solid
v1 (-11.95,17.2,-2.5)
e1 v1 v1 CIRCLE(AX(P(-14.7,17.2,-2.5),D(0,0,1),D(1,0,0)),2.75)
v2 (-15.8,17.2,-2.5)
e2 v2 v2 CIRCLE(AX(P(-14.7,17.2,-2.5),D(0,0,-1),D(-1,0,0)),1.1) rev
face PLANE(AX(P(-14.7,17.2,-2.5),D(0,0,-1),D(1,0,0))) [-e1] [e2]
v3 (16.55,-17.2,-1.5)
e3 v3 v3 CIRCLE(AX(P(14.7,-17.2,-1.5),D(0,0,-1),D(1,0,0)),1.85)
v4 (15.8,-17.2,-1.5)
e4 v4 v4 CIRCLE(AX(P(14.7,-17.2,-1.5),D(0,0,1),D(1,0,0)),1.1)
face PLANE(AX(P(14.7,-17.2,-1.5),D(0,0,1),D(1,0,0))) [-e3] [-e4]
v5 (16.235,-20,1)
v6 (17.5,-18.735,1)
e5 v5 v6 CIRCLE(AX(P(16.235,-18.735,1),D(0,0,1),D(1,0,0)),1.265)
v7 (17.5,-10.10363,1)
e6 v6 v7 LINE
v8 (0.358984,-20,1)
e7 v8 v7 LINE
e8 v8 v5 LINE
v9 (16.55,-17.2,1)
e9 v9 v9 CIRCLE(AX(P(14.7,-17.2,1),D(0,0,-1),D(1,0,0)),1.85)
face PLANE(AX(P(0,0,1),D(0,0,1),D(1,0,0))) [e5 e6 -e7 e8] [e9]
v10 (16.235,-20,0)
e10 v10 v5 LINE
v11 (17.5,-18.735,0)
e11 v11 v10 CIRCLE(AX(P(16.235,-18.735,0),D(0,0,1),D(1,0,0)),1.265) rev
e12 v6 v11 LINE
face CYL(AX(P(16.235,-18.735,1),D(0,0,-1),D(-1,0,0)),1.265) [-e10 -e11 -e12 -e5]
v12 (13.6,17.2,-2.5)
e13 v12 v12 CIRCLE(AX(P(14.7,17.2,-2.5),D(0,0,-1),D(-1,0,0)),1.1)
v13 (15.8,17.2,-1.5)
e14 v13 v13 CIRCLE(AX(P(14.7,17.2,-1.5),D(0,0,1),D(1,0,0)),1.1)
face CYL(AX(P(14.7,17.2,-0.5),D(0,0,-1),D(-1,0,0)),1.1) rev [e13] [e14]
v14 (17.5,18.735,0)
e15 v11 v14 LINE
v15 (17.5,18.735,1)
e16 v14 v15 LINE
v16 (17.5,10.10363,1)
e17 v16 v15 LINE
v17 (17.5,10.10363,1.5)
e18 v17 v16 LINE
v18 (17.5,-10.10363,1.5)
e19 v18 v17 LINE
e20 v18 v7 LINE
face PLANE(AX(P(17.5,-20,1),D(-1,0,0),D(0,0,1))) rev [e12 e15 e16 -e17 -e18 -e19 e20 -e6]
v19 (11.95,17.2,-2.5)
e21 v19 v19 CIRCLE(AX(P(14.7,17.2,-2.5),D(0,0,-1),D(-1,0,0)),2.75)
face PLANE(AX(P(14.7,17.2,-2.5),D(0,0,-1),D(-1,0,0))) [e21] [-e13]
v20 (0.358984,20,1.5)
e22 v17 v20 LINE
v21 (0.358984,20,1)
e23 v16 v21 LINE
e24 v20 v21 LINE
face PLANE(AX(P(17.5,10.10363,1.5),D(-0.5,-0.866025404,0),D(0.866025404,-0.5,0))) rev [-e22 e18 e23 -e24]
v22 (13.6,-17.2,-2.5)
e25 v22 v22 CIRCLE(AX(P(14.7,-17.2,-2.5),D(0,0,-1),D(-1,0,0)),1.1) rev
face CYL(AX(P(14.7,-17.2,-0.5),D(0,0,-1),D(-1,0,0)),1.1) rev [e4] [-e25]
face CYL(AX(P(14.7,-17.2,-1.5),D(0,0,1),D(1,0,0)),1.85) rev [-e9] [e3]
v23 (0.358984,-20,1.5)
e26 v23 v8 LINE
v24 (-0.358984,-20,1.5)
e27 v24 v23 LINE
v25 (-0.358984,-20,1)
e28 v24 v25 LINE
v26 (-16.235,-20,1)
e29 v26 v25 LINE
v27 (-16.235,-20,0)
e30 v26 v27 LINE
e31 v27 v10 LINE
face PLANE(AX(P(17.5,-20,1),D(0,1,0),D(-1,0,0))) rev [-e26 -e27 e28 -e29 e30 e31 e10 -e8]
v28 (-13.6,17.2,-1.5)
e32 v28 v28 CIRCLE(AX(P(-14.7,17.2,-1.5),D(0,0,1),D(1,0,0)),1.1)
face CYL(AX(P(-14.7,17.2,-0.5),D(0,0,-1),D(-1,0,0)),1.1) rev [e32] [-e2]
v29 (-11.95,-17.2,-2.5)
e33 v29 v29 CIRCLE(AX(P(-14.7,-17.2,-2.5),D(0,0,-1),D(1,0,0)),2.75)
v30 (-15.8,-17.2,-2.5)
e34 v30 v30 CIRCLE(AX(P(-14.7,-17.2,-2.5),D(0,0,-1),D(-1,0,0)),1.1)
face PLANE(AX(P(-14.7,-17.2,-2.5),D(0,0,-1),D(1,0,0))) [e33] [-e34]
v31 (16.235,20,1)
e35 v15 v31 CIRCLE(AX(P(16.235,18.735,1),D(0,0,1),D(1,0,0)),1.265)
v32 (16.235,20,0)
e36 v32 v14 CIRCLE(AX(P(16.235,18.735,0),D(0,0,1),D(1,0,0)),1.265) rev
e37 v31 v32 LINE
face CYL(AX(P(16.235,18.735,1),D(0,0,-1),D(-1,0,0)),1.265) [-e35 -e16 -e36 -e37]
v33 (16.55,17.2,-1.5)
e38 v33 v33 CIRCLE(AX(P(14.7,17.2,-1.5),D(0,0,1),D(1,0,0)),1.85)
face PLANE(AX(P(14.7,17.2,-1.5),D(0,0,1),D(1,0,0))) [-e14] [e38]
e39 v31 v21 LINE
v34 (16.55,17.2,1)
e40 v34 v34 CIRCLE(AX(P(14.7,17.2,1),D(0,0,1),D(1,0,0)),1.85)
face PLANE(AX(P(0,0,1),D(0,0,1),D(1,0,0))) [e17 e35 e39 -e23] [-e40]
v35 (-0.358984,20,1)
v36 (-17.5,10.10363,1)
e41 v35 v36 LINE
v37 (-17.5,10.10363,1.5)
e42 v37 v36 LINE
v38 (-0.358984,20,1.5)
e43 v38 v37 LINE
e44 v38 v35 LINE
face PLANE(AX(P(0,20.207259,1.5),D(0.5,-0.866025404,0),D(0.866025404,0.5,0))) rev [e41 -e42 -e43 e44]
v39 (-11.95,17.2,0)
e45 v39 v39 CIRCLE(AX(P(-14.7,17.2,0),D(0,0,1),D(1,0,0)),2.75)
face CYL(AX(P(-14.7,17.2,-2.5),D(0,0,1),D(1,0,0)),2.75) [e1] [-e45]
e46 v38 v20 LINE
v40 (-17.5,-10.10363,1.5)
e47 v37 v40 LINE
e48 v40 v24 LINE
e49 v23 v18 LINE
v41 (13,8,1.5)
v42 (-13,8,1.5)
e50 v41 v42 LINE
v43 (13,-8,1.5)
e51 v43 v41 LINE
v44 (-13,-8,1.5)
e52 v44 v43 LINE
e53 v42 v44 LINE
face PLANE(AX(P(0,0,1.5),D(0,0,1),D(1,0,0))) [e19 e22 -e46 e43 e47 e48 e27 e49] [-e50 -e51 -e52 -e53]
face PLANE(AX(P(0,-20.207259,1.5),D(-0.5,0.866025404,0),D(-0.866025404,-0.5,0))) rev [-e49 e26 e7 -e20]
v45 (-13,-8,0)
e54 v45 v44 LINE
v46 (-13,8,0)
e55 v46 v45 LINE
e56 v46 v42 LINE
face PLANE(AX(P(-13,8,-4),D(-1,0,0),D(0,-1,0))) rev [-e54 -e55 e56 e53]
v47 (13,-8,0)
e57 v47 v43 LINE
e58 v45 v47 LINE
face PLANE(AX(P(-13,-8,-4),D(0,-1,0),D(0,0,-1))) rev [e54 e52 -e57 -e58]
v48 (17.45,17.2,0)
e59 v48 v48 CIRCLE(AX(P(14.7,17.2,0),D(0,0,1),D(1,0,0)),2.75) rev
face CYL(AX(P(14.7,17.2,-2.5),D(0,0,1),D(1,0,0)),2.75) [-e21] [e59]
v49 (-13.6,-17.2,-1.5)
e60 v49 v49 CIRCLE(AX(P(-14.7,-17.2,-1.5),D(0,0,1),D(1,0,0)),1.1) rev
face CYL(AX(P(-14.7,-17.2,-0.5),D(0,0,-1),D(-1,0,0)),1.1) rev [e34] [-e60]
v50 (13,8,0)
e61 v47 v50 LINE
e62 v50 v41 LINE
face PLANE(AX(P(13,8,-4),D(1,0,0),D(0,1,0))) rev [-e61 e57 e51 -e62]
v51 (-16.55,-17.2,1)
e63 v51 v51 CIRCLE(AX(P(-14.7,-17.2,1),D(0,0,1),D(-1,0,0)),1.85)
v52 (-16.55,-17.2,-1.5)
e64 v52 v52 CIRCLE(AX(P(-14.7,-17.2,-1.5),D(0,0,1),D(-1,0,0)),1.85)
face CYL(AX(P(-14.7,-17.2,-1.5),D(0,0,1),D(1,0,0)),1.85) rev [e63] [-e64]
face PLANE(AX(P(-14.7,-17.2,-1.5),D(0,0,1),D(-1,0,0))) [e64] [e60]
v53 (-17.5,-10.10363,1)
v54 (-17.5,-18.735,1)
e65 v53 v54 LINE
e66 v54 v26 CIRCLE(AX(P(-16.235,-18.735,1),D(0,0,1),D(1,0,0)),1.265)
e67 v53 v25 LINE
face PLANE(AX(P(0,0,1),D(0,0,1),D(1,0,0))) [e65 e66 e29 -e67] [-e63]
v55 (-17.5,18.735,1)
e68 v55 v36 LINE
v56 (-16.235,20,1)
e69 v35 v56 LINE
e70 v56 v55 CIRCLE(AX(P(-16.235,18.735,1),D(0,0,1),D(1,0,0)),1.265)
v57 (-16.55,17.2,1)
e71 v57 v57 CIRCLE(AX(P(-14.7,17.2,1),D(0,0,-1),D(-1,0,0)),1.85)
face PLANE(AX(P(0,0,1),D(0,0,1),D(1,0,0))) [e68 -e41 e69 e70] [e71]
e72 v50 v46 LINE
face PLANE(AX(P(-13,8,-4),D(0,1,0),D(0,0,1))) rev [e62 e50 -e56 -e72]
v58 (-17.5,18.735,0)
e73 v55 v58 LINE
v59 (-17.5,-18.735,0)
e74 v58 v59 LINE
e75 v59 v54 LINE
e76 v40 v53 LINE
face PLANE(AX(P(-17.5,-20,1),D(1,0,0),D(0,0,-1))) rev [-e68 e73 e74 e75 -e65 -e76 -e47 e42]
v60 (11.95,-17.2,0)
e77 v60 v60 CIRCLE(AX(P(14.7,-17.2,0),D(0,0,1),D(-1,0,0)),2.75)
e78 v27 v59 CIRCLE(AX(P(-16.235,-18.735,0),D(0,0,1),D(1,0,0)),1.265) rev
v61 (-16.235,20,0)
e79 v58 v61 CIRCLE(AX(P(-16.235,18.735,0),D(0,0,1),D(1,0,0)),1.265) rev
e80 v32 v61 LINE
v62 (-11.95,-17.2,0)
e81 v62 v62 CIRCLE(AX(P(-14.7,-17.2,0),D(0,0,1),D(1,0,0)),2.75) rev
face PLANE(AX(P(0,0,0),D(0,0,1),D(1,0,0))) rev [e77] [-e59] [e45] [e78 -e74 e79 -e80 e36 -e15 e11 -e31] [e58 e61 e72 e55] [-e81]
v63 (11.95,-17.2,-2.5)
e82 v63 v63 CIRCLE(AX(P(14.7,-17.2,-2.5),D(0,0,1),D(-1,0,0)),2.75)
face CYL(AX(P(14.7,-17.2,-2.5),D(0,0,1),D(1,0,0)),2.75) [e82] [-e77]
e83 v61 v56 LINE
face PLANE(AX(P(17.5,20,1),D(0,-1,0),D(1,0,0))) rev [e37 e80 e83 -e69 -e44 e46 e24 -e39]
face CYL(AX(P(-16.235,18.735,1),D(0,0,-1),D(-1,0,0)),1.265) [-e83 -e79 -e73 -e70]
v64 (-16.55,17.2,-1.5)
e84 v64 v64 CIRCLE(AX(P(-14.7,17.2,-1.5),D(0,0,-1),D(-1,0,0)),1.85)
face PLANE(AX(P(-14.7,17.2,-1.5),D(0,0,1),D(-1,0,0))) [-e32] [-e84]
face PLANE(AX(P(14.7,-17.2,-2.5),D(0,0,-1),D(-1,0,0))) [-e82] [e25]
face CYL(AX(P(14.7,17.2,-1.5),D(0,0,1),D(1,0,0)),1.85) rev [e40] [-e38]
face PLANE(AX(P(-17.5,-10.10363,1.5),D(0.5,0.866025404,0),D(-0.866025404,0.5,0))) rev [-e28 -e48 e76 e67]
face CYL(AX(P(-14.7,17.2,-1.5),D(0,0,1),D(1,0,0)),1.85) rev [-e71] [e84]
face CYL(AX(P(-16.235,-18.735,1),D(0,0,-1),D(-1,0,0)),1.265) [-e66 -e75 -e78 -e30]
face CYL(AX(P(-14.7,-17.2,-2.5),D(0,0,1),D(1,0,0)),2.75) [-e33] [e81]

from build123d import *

# Parameters (mm, degrees)
SKETCH_1_W                = 35
SKETCH_1_H                = 40
EXTRUDE_1_DEPTH           = 1
SKETCH_2_R                = 2.75
EXTRUDE_2_DEPTH           = 2.5
SKETCH_3_R                = 1.85
CUT_EXTRUDE_1_DEPTH       = 2.5
SKETCH_4_R                = 1.1
CUT_EXTRUDE_2_DEPTH       = 2
FILLET_1_R                = 1.265
MIRROR_9_COPY_1_SKETCH_R  = 2.75
MIRROR_9_COPY_1_DEPTH     = 2.5
MIRROR_11_COPY_1_SKETCH_R = 1.1
MIRROR_11_COPY_1_DEPTH    = 2
MIRROR_13_COPY_1_SKETCH_R = 1.85
MIRROR_13_COPY_1_DEPTH    = 2.5
SKETCH_5_W                = 26
SKETCH_5_H                = 16
CUT_EXTRUDE_3_DEPTH       = 5
EXTRUDE_16_DEPTH          = 0.5
SKETCH_11_W               = 26
SKETCH_11_H               = 16
CUT_EXTRUDE_4_DEPTH       = 5
CUT_EXTRUDE_5_DEPTH       = 5


with BuildPart() as part:
    # 草图1 → 凸台-拉伸1 (new body)
    with BuildSketch(Plane.XY):
        Rectangle(SKETCH_1_W, SKETCH_1_H)
    extrude(amount=EXTRUDE_1_DEPTH)

    # 草图2 → 凸台-拉伸2 (add)
    with BuildSketch(Plane(origin=(0, 0, 0), x_dir=(-1, 0, 0), z_dir=(0, 0, -1))):
        with Locations((-14.7, 17.2)):
            Circle(SKETCH_2_R)
    extrude_2 = extrude(amount=EXTRUDE_2_DEPTH)

    # 草图3 → 切除-拉伸1 (cut)
    with BuildSketch(Plane.XY.offset(1)):
        with Locations((14.7, 17.2)):
            Circle(SKETCH_3_R)
    cut_extrude_1 = extrude(amount=-CUT_EXTRUDE_1_DEPTH, mode=Mode.SUBTRACT)

    # 草图4 → 切除-拉伸2 (cut, symmetric)
    with BuildSketch(Plane(origin=(0, 0, -2.5), x_dir=(-1, 0, 0), z_dir=(0, 0, -1))):
        with Locations((-14.7, 17.2)):
            Circle(SKETCH_4_R)
    cut_extrude_2 = extrude(amount=CUT_EXTRUDE_2_DEPTH, both=True, mode=Mode.SUBTRACT)

    # 圆角1
    fillet_1_edges = [part.edges().sort_by_distance(p)[0] for p in [
        (-17.5, 20, 0.5),
        (17.5, 20, 0.5),
        (17.5, -20, 0.5),
        (-17.5, -20, 0.5),
    ]]
    fillet(fillet_1_edges, radius=FILLET_1_R)

    # 镜向8: 凸台-拉伸2 across plane
    add(extrude_2.mirror(Plane(origin=(0, 0, 0), x_dir=(0, 0, 1), z_dir=(1, 0, 0))))

    # 镜向9: 凸台-拉伸2 across plane
    add(extrude_2.mirror(Plane.ZX))

    # 镜向9 copy 1 sketch → 镜向9 copy 1 (add)
    with BuildSketch(Plane(origin=(0, 0, 0), x_dir=(1, 0, 0), z_dir=(0, 0, -1))):
        with Locations((-14.7, 17.2)):
            Circle(MIRROR_9_COPY_1_SKETCH_R)
    extrude(amount=MIRROR_9_COPY_1_DEPTH)

    # 镜向10: 切除-拉伸2 across plane
    add(cut_extrude_2.mirror(Plane.ZX), mode=Mode.SUBTRACT)

    # 镜向11: 切除-拉伸2 across plane
    add(cut_extrude_2.mirror(Plane(origin=(0, 0, 0), x_dir=(0, 0, 1), z_dir=(1, 0, 0))), mode=Mode.SUBTRACT)

    # 镜向11 copy 1 sketch → 镜向11 copy 1 (cut, symmetric)
    with BuildSketch(Plane(origin=(0, 0, -2.5), x_dir=(1, 0, 0), z_dir=(0, 0, -1))):
        with Locations((-14.7, 17.2)):
            Circle(MIRROR_11_COPY_1_SKETCH_R)
    extrude(amount=MIRROR_11_COPY_1_DEPTH, both=True, mode=Mode.SUBTRACT)

    # 镜向12: 切除-拉伸1 across plane
    add(cut_extrude_1.mirror(Plane(origin=(0, 0, 0), x_dir=(0, 0, 1), z_dir=(1, 0, 0))), mode=Mode.SUBTRACT)

    # 镜向13: 切除-拉伸1 across plane
    add(cut_extrude_1.mirror(Plane.ZX), mode=Mode.SUBTRACT)

    # 镜向13 copy 1 sketch → 镜向13 copy 1 (cut)
    with BuildSketch(Plane(origin=(0, 0, 1), x_dir=(-1, 0, 0), z_dir=(0, 0, 1))):
        with Locations((14.7, 17.2)):
            Circle(MIRROR_13_COPY_1_SKETCH_R)
    extrude(amount=-MIRROR_13_COPY_1_DEPTH, mode=Mode.SUBTRACT)

    # 草图5 → 切除-拉伸3 (cut, symmetric)
    with BuildSketch(Plane.XY.offset(1)):
        Rectangle(SKETCH_5_W, SKETCH_5_H)
    extrude(amount=CUT_EXTRUDE_3_DEPTH, both=True, mode=Mode.SUBTRACT)

    # 草图10 → 凸台-拉伸16 (add)
    with BuildSketch(Plane.XY.offset(1)):
        Polygon((0, 20.207259422), (-17.5, 10.103629711), (-17.5, -10.103629711), (0, -20.207259422), (17.5, -10.103629711), (17.5, 10.103629711), align=None)
    extrude(amount=EXTRUDE_16_DEPTH)

    # 草图11 → 切除-拉伸4 (cut)
    with BuildSketch(Plane(origin=(0, 0, 1), x_dir=(-1, 0, 0), z_dir=(0, 0, -1))):
        Rectangle(SKETCH_11_W, SKETCH_11_H)
    extrude(amount=-CUT_EXTRUDE_4_DEPTH, mode=Mode.SUBTRACT)

    # 草图12 → 切除-拉伸5 (cut)
    with BuildSketch(Plane(origin=(0, 0, 1), x_dir=(-1, 0, 0), z_dir=(0, 0, -1))):
        Polygon((-0.358983849, 20), (0.358983849, 20), (0, 20.207259422), align=None)
    cut_extrude_5 = extrude(amount=-CUT_EXTRUDE_5_DEPTH, mode=Mode.SUBTRACT)

    # 镜向15: 切除-拉伸5 across plane
    add(cut_extrude_5.mirror(Plane.ZX), mode=Mode.SUBTRACT)


solid = part.part
